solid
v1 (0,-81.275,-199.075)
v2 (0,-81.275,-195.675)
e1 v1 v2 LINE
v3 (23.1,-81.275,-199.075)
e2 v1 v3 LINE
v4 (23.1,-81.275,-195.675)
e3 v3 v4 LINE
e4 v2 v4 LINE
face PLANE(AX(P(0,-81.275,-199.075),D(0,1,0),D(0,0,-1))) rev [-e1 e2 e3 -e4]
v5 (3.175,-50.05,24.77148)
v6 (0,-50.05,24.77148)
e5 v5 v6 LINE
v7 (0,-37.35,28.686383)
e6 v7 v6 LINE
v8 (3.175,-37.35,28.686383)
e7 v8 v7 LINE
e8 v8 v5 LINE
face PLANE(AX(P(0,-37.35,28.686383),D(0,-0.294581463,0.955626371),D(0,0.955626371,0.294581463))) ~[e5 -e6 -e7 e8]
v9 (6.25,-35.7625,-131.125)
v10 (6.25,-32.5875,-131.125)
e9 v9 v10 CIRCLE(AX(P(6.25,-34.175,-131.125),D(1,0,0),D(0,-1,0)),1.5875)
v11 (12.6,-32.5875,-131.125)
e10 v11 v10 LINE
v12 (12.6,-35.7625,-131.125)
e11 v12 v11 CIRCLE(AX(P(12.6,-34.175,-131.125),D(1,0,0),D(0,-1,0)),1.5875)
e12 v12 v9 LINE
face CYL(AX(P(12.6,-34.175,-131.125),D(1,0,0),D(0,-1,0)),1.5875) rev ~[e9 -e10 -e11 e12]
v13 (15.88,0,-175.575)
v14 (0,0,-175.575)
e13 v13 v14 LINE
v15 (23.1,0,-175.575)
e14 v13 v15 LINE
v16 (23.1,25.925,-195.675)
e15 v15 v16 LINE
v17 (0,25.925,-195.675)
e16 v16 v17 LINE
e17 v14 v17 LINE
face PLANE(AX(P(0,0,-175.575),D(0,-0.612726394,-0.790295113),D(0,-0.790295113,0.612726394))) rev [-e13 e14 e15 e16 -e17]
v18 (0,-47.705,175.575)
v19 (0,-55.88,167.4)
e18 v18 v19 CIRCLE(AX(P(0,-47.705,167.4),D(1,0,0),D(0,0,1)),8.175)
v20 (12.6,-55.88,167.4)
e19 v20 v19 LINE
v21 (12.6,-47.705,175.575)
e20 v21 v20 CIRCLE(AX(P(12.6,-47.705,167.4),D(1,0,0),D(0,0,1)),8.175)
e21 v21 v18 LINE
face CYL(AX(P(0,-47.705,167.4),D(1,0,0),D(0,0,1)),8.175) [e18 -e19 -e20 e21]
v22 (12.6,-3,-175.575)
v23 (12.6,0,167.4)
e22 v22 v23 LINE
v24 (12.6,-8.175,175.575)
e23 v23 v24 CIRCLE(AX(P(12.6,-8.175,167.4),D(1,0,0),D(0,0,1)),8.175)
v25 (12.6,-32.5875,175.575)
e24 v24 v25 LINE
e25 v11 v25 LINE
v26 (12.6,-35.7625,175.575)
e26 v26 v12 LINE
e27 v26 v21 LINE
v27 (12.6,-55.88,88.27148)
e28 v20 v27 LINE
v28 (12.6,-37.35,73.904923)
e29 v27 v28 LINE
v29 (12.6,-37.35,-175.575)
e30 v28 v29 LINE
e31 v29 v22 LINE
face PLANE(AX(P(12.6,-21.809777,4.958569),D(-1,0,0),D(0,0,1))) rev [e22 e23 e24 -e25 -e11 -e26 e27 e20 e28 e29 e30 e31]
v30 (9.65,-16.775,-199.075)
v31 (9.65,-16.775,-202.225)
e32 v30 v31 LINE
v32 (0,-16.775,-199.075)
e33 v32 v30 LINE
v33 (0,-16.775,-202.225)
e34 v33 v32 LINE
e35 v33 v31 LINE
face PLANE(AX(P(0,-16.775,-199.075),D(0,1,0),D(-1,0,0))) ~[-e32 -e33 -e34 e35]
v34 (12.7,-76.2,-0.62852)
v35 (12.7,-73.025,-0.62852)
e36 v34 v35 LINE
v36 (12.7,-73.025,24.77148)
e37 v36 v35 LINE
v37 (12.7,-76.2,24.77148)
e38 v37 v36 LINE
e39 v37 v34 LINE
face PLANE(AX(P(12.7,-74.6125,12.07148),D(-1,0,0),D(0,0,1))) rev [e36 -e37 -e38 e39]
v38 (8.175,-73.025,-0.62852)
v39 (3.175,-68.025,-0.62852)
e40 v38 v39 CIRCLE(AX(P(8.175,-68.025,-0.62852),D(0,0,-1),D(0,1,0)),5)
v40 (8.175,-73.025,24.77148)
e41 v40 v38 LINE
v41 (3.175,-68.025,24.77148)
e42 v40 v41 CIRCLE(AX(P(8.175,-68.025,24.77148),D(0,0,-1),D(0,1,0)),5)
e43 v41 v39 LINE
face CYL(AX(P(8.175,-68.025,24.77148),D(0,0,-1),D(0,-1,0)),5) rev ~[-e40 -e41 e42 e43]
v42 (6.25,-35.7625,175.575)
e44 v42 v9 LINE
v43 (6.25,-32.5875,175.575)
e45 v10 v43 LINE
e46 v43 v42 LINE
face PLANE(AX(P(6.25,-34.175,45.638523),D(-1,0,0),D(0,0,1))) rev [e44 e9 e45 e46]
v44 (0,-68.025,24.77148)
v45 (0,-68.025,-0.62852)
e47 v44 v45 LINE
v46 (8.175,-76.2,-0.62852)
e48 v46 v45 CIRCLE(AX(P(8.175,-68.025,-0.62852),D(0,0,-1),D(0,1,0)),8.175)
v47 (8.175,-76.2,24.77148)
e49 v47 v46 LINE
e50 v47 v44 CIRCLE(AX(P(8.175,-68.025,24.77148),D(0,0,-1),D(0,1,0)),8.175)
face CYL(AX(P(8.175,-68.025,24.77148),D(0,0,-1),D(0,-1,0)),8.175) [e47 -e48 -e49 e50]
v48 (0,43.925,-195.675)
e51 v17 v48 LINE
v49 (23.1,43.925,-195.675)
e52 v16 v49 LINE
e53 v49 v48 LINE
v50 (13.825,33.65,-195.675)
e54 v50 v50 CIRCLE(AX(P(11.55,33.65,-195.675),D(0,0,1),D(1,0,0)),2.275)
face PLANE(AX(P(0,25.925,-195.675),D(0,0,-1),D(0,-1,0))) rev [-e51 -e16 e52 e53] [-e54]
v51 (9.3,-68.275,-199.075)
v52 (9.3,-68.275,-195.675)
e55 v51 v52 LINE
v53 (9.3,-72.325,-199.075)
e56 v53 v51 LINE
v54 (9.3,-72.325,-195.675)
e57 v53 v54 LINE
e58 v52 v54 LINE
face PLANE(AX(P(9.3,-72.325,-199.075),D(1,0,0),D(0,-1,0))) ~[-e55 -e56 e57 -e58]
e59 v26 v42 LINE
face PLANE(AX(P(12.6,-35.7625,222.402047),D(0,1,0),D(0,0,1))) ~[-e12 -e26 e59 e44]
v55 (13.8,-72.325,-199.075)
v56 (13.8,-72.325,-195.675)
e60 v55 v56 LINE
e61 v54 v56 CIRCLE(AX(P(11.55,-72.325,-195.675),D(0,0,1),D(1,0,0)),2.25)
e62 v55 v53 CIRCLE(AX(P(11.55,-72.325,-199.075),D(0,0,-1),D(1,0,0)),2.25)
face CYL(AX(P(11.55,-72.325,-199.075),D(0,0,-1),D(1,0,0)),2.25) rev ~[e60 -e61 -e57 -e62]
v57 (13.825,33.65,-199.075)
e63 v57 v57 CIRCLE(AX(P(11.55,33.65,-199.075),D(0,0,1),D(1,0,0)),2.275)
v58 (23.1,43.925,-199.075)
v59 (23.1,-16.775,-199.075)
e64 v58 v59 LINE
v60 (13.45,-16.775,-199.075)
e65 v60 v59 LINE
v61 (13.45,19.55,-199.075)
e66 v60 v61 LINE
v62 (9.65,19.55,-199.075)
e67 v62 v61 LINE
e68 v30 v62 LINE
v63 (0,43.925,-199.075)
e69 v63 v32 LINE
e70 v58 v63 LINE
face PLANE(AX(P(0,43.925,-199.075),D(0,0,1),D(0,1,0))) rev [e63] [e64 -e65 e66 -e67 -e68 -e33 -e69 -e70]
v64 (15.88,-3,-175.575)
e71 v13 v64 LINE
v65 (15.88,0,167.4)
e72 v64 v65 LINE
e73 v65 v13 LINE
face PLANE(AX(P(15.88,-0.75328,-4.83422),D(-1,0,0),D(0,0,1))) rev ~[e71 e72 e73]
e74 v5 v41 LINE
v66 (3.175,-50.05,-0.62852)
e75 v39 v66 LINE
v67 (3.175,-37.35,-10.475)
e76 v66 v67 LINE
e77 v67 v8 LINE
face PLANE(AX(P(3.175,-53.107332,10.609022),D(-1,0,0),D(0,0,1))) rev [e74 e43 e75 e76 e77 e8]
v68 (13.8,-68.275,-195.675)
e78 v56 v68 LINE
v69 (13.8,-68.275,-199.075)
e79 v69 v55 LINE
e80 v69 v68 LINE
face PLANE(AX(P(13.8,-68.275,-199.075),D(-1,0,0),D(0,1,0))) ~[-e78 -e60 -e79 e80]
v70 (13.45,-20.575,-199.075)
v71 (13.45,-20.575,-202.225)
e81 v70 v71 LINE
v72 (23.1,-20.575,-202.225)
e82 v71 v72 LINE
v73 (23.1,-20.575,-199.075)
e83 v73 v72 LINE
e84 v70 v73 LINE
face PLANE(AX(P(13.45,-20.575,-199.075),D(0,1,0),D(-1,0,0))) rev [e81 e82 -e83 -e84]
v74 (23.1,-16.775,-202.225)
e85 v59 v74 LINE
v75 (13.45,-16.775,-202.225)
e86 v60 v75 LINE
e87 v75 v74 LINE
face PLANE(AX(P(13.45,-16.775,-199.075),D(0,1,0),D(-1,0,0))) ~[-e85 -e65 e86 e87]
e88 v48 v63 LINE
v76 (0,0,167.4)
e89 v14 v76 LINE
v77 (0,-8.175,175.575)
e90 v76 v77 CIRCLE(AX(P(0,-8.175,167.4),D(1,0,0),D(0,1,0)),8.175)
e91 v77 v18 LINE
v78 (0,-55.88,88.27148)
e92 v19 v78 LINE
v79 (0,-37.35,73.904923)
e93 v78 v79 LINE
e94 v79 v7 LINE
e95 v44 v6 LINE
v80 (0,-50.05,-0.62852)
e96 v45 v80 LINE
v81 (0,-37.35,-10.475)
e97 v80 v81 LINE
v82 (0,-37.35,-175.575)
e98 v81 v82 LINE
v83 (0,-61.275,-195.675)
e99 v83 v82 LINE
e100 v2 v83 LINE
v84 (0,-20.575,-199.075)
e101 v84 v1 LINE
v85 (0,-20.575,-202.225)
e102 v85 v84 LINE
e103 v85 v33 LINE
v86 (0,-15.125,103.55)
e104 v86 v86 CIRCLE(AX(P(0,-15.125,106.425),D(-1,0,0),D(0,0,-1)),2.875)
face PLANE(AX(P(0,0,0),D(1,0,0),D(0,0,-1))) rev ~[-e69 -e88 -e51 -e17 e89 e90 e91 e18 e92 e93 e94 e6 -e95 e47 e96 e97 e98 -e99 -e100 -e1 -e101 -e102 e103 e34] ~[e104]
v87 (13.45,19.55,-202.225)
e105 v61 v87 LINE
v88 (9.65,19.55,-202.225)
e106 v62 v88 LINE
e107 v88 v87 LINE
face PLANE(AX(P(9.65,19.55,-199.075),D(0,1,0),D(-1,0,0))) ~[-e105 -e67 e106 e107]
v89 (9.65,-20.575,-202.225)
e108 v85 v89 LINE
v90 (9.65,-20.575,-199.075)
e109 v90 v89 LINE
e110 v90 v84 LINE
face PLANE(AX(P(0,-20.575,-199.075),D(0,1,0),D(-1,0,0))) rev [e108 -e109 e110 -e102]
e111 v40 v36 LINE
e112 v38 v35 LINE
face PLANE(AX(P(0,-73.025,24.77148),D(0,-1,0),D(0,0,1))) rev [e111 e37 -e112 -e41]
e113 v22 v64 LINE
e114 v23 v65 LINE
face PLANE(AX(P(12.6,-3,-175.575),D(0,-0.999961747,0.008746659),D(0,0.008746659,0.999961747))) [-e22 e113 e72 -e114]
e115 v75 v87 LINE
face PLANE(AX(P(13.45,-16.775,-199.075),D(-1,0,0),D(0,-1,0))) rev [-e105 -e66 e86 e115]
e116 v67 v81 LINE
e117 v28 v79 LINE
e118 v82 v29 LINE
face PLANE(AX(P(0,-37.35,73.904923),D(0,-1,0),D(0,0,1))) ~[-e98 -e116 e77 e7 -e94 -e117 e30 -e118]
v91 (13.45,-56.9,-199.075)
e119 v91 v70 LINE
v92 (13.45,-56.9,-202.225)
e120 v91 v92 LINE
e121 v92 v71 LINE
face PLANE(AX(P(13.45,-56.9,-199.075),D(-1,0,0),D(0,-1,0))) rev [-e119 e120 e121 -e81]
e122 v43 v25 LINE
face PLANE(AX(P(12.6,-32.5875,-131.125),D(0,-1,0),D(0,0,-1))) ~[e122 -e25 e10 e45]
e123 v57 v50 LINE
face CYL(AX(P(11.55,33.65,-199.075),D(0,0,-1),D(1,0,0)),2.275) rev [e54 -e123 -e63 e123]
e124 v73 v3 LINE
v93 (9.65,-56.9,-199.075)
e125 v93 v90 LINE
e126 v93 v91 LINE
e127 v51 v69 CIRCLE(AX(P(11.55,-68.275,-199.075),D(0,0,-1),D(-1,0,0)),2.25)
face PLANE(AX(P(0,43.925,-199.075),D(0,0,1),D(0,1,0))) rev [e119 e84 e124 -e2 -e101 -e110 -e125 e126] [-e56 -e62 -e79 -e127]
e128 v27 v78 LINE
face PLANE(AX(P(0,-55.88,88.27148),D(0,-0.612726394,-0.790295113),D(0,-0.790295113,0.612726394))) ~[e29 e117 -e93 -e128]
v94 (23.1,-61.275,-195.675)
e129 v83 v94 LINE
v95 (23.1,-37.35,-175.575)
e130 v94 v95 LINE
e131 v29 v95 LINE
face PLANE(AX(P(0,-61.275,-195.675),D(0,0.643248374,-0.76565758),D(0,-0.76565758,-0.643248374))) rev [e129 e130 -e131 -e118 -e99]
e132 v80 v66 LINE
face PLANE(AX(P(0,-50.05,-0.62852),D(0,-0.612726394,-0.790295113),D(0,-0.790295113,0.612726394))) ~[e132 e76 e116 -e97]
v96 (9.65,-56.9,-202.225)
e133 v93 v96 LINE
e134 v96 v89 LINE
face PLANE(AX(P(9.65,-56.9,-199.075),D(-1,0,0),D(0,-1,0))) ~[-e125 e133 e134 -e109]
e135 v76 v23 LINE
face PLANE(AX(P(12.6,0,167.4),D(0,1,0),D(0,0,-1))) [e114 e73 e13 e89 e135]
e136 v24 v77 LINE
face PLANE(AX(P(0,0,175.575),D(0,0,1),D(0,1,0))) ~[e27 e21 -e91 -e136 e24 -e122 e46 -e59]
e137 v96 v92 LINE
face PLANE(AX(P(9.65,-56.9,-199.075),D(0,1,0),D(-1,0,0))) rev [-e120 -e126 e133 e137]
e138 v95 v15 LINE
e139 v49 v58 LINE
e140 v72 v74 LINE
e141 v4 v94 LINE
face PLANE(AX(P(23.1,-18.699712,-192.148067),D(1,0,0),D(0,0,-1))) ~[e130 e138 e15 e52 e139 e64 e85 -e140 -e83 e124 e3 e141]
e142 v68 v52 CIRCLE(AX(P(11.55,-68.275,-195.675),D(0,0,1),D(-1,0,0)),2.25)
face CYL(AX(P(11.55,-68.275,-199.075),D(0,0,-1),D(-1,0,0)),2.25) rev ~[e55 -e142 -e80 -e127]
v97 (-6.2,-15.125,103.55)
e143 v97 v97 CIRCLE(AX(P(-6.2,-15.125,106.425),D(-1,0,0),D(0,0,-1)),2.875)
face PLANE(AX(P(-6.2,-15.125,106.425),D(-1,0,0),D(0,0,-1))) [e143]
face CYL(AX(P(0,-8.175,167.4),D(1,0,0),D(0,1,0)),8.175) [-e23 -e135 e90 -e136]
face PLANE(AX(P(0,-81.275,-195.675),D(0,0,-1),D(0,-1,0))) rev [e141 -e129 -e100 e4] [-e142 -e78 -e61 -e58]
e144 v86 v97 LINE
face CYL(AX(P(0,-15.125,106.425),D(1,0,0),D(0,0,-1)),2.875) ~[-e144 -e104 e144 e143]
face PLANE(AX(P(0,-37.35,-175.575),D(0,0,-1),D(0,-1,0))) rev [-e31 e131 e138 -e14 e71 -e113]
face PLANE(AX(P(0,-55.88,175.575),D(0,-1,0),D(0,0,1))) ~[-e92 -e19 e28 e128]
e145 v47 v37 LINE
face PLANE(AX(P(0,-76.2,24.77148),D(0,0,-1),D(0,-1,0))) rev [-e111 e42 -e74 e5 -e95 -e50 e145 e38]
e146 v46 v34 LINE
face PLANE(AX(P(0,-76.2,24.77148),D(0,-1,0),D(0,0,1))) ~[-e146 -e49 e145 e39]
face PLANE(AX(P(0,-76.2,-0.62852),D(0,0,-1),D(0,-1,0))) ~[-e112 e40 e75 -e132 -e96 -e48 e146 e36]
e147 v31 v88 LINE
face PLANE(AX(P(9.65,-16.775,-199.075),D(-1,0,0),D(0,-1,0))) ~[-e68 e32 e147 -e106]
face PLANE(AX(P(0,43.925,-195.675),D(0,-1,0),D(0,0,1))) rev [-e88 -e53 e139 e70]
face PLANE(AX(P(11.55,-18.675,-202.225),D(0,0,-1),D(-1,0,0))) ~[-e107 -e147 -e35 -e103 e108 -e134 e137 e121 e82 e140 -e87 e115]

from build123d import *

# Parameters (mm, degrees)
BOSS_EXTRUDE1_DEPTH  = 12.6
BOSS_EXTRUDE2_DEPTH  = 23.1
BOSS_EXTRUDE3_DEPTH  = 3.175
SKETCH1_5_W          = 25.4
SKETCH1_5_H          = 3.175
BOSS_EXTRUDE4_DEPTH  = 12.7
FILLET1_R            = 5
FILLET2_R            = 8.175
CUT_EXTRUDE1_DEPTH   = 6.35
CUT_EXTRUDE2_REACH   = 386.06
SKETCH3_R            = 2.275
SKETCH4_W            = 23.1
SKETCH4_H            = 3.8
SKETCH4_W_2          = 3.8
SKETCH4_H_2          = 76.45
EXTRUDE_THIN1_DEPTH  = 3.15
SKETCH5_R            = 2.875
BOSS_EXTRUDE5_DEPTH  = 6.2
BOSS_EXTRUDE5_TAPER  = 2
FILLET1_OF_MIRROR1_R = 5
FILLET2_OF_MIRROR1_R = 8.175
SKETCH6_R            = 2.875
BOSS_EXTRUDE6_DEPTH  = 6.2
BOSS_EXTRUDE7_DEPTH  = 3.28


with BuildPart() as part:
    # Sketch1 → Boss-Extrude1 (new body)
    with BuildSketch(Plane(origin=(0, 0, 0), x_dir=(0, 0, -1), z_dir=(1, 0, 0))):
        Polygon((175.575, -37.35), (175.575, 0), (-175.575, 0), (-175.575, -55.88), (-88.271480231, -55.88), (-73.904922854, -37.35), (-28.686383268, -37.35), (10.475, -37.35), align=None)
    boss_extrude1 = extrude(amount=-BOSS_EXTRUDE1_DEPTH)

    # Sketch1<3> → Boss-Extrude2 (add)
    with BuildSketch(Plane(origin=(0, 0, 0), x_dir=(0, 0, -1), z_dir=(1, 0, 0))):
        Polygon((175.575, 0), (195.675, 25.925), (195.675, 43.925), (199.075, 43.925), (199.075, -81.275), (195.675, -81.275), (195.675, -61.275), (175.575, -37.35), align=None)
    boss_extrude2 = extrude(amount=-BOSS_EXTRUDE2_DEPTH)

    # Sketch1<4> → Boss-Extrude3 (add)
    with BuildSketch(Plane(origin=(0, 0, 0), x_dir=(0, 0, -1), z_dir=(1, 0, 0))):
        Polygon((0.628519769, -50.05), (10.475, -37.35), (-28.686383268, -37.35), (-24.771480231, -50.05), (-24.771480231, -73.025), (0.628519769, -73.025), align=None)
    boss_extrude3 = extrude(amount=-BOSS_EXTRUDE3_DEPTH)

    # Sketch1<5> → Boss-Extrude4 (add)
    with BuildSketch(Plane(origin=(0, 0, 0), x_dir=(0, 0, -1), z_dir=(1, 0, 0))):
        with Locations((-12.071480231, -74.6125)):
            Rectangle(SKETCH1_5_W, SKETCH1_5_H)
    boss_extrude4 = extrude(amount=-BOSS_EXTRUDE4_DEPTH)

    # Fillet1
    fillet1_edges = [part.edges().sort_by_distance(p)[0] for p in [
        (-3.175, -73.025, 12.071480231),
    ]]
    fillet(fillet1_edges, radius=FILLET1_R)

    # Fillet2
    fillet2_edges = [part.edges().sort_by_distance(p)[0] for p in [
        (-6.3, -55.88, 175.575),
        (-6.3, 0, 175.575),
        (0, -76.2, 12.071480231),
    ]]
    fillet(fillet2_edges, radius=FILLET2_R)

    # Sketch2 → Cut-Extrude1 (cut)
    with BuildSketch(Plane.ZY.offset(12.6)):
        with BuildLine():
            Line((-131.125, -32.5875), (222.402046917, -32.5875))
            ThreePointArc((222.402046917, -32.5875), (223.989546917, -34.175), (222.402046917, -35.7625))
            Line((222.402046917, -35.7625), (-131.125, -35.7625))
            ThreePointArc((-131.125, -35.7625), (-132.7125, -34.175), (-131.125, -32.5875))
        make_face()
    cut_extrude1 = extrude(amount=-CUT_EXTRUDE1_DEPTH, mode=Mode.SUBTRACT)

    # Sketch3 → Cut-Extrude2 (cut, up to next)
    with BuildSketch(Plane(origin=(0, 0, -199.075), x_dir=(-1, 0, 0), z_dir=(0, 0, -1)), mode=Mode.PRIVATE) as cut_extrude2_sk1:
        with Locations((11.55, 33.65)):
            Circle(SKETCH3_R)
    cut_extrude2_tool1 = extrude(cut_extrude2_sk1.sketch, amount=-CUT_EXTRUDE2_REACH, mode=Mode.PRIVATE) & part.part
    # Sketch3 → Cut-Extrude2 (cut, up to next)
    with BuildSketch(Plane(origin=(0, 0, -199.075), x_dir=(-1, 0, 0), z_dir=(0, 0, -1)), mode=Mode.PRIVATE) as cut_extrude2_sk2:
        with BuildLine():
            Line((9.3, -72.325), (9.3, -68.275))
            ThreePointArc((9.3, -68.275), (11.55, -66.025), (13.8, -68.275))
            Line((13.8, -68.275), (13.8, -72.325))
            ThreePointArc((13.8, -72.325), (11.55, -74.575), (9.3, -72.325))
        make_face()
    cut_extrude2_tool2 = extrude(cut_extrude2_sk2.sketch, amount=-CUT_EXTRUDE2_REACH, mode=Mode.PRIVATE) & part.part
    cut_extrude2_1 = cut_extrude2_tool1.solids().sort_by_distance((-11.55, 33.65, -199.075))[0]
    add(cut_extrude2_1, mode=Mode.SUBTRACT)
    cut_extrude2_2 = cut_extrude2_tool2.solids().sort_by_distance((-11.55, -70.3, -199.075))[0]
    add(cut_extrude2_2, mode=Mode.SUBTRACT)
    cut_extrude2 = cut_extrude2_1 + cut_extrude2_2  # Cut-Extrude2 as one shape, for the pattern or mirror that repeats it

    # Sketch4 → Extrude-Thin1 (add)
    with BuildSketch(Plane(origin=(0, 0, -199.075), x_dir=(-1, 0, 0), z_dir=(0, 0, -1))):
        with Locations((11.55, -18.675)):
            Rectangle(SKETCH4_W, SKETCH4_H)
        with Locations((11.55, -18.675)):
            Rectangle(SKETCH4_W_2, SKETCH4_H_2)
    extrude_thin1 = extrude(amount=EXTRUDE_THIN1_DEPTH)

    # Sketch5 → Boss-Extrude5 (add)
    with BuildSketch(Plane(origin=(0, 0, 0), x_dir=(0, 0, -1), z_dir=(1, 0, 0))):
        with Locations((-106.425, -48.98)):
            Circle(SKETCH5_R)
    extrude(amount=BOSS_EXTRUDE5_DEPTH, taper=BOSS_EXTRUDE5_TAPER)


with BuildPart() as mirror1_1:
    # Mirror1: Boss-Extrude1, Boss-Extrude2, Boss-Extrude3, Boss-Extrude4 across plane
    add(boss_extrude1.mirror(Plane(origin=(0, 0, 0), x_dir=(0, 0, 1), z_dir=(1, 0, 0))))
    add(boss_extrude2.mirror(Plane(origin=(0, 0, 0), x_dir=(0, 0, 1), z_dir=(1, 0, 0))))
    add(boss_extrude3.mirror(Plane(origin=(0, 0, 0), x_dir=(0, 0, 1), z_dir=(1, 0, 0))))
    add(boss_extrude4.mirror(Plane(origin=(0, 0, 0), x_dir=(0, 0, 1), z_dir=(1, 0, 0))))

    # Mirror1 2: Cut-Extrude1, Cut-Extrude2 across plane
    add(cut_extrude1.mirror(Plane(origin=(0, 0, 0), x_dir=(0, 0, 1), z_dir=(1, 0, 0))), mode=Mode.SUBTRACT)
    add(cut_extrude2.mirror(Plane(origin=(0, 0, 0), x_dir=(0, 0, 1), z_dir=(1, 0, 0))), mode=Mode.SUBTRACT)

    # Fillet1 of Mirror1
    fillet1_of_mirror1_edges = [mirror1_1.edges().sort_by_distance(p)[0] for p in [
        (3.175, -73.025, 12.071480231),
    ]]
    fillet(fillet1_of_mirror1_edges, radius=FILLET1_OF_MIRROR1_R)

    # Fillet2 of Mirror1
    fillet2_of_mirror1_edges = [mirror1_1.edges().sort_by_distance(p)[0] for p in [
        (6.3, -55.88, 175.575),
        (6.3, 0, 175.575),
        (0, -76.2, 12.071480231),
    ]]
    fillet(fillet2_of_mirror1_edges, radius=FILLET2_OF_MIRROR1_R)


with BuildPart() as mirror1_3_1:
    # Mirror1 3: Extrude-Thin1 across plane
    add(extrude_thin1.mirror(Plane(origin=(0, 0, 0), x_dir=(0, 0, 1), z_dir=(1, 0, 0))))


with BuildPart() as part_1:
    add(part.part)

    # Mirror1 united with what the copies touc: union Mirror1_1, Mirror1 3_1
    add(mirror1_1.part)
    add(mirror1_3_1.part)

    # SurfaceCut1
    split(bisect_by=Plane(origin=(0, 0, 0), x_dir=(0, 0, -1), z_dir=(1, 0, 0)), keep=Keep.TOP)

    # Sketch6 → Boss-Extrude6 (add)
    with BuildSketch(Plane.ZY):
        with Locations(Location((106.425, -15.125, 0), (0, 0, 180))):
            Circle(SKETCH6_R)
    extrude(amount=BOSS_EXTRUDE6_DEPTH)

    # Sketch7 → Boss-Extrude7 (add)
    with BuildSketch(Plane(origin=(12.6, 0, 0), x_dir=(0, 0, -1), z_dir=(1, 0, 0))):
        Polygon((175.575, 0), (175.575, -3), (-167.4, 0), align=None)
    extrude(amount=BOSS_EXTRUDE7_DEPTH)


solid = part_1.part
